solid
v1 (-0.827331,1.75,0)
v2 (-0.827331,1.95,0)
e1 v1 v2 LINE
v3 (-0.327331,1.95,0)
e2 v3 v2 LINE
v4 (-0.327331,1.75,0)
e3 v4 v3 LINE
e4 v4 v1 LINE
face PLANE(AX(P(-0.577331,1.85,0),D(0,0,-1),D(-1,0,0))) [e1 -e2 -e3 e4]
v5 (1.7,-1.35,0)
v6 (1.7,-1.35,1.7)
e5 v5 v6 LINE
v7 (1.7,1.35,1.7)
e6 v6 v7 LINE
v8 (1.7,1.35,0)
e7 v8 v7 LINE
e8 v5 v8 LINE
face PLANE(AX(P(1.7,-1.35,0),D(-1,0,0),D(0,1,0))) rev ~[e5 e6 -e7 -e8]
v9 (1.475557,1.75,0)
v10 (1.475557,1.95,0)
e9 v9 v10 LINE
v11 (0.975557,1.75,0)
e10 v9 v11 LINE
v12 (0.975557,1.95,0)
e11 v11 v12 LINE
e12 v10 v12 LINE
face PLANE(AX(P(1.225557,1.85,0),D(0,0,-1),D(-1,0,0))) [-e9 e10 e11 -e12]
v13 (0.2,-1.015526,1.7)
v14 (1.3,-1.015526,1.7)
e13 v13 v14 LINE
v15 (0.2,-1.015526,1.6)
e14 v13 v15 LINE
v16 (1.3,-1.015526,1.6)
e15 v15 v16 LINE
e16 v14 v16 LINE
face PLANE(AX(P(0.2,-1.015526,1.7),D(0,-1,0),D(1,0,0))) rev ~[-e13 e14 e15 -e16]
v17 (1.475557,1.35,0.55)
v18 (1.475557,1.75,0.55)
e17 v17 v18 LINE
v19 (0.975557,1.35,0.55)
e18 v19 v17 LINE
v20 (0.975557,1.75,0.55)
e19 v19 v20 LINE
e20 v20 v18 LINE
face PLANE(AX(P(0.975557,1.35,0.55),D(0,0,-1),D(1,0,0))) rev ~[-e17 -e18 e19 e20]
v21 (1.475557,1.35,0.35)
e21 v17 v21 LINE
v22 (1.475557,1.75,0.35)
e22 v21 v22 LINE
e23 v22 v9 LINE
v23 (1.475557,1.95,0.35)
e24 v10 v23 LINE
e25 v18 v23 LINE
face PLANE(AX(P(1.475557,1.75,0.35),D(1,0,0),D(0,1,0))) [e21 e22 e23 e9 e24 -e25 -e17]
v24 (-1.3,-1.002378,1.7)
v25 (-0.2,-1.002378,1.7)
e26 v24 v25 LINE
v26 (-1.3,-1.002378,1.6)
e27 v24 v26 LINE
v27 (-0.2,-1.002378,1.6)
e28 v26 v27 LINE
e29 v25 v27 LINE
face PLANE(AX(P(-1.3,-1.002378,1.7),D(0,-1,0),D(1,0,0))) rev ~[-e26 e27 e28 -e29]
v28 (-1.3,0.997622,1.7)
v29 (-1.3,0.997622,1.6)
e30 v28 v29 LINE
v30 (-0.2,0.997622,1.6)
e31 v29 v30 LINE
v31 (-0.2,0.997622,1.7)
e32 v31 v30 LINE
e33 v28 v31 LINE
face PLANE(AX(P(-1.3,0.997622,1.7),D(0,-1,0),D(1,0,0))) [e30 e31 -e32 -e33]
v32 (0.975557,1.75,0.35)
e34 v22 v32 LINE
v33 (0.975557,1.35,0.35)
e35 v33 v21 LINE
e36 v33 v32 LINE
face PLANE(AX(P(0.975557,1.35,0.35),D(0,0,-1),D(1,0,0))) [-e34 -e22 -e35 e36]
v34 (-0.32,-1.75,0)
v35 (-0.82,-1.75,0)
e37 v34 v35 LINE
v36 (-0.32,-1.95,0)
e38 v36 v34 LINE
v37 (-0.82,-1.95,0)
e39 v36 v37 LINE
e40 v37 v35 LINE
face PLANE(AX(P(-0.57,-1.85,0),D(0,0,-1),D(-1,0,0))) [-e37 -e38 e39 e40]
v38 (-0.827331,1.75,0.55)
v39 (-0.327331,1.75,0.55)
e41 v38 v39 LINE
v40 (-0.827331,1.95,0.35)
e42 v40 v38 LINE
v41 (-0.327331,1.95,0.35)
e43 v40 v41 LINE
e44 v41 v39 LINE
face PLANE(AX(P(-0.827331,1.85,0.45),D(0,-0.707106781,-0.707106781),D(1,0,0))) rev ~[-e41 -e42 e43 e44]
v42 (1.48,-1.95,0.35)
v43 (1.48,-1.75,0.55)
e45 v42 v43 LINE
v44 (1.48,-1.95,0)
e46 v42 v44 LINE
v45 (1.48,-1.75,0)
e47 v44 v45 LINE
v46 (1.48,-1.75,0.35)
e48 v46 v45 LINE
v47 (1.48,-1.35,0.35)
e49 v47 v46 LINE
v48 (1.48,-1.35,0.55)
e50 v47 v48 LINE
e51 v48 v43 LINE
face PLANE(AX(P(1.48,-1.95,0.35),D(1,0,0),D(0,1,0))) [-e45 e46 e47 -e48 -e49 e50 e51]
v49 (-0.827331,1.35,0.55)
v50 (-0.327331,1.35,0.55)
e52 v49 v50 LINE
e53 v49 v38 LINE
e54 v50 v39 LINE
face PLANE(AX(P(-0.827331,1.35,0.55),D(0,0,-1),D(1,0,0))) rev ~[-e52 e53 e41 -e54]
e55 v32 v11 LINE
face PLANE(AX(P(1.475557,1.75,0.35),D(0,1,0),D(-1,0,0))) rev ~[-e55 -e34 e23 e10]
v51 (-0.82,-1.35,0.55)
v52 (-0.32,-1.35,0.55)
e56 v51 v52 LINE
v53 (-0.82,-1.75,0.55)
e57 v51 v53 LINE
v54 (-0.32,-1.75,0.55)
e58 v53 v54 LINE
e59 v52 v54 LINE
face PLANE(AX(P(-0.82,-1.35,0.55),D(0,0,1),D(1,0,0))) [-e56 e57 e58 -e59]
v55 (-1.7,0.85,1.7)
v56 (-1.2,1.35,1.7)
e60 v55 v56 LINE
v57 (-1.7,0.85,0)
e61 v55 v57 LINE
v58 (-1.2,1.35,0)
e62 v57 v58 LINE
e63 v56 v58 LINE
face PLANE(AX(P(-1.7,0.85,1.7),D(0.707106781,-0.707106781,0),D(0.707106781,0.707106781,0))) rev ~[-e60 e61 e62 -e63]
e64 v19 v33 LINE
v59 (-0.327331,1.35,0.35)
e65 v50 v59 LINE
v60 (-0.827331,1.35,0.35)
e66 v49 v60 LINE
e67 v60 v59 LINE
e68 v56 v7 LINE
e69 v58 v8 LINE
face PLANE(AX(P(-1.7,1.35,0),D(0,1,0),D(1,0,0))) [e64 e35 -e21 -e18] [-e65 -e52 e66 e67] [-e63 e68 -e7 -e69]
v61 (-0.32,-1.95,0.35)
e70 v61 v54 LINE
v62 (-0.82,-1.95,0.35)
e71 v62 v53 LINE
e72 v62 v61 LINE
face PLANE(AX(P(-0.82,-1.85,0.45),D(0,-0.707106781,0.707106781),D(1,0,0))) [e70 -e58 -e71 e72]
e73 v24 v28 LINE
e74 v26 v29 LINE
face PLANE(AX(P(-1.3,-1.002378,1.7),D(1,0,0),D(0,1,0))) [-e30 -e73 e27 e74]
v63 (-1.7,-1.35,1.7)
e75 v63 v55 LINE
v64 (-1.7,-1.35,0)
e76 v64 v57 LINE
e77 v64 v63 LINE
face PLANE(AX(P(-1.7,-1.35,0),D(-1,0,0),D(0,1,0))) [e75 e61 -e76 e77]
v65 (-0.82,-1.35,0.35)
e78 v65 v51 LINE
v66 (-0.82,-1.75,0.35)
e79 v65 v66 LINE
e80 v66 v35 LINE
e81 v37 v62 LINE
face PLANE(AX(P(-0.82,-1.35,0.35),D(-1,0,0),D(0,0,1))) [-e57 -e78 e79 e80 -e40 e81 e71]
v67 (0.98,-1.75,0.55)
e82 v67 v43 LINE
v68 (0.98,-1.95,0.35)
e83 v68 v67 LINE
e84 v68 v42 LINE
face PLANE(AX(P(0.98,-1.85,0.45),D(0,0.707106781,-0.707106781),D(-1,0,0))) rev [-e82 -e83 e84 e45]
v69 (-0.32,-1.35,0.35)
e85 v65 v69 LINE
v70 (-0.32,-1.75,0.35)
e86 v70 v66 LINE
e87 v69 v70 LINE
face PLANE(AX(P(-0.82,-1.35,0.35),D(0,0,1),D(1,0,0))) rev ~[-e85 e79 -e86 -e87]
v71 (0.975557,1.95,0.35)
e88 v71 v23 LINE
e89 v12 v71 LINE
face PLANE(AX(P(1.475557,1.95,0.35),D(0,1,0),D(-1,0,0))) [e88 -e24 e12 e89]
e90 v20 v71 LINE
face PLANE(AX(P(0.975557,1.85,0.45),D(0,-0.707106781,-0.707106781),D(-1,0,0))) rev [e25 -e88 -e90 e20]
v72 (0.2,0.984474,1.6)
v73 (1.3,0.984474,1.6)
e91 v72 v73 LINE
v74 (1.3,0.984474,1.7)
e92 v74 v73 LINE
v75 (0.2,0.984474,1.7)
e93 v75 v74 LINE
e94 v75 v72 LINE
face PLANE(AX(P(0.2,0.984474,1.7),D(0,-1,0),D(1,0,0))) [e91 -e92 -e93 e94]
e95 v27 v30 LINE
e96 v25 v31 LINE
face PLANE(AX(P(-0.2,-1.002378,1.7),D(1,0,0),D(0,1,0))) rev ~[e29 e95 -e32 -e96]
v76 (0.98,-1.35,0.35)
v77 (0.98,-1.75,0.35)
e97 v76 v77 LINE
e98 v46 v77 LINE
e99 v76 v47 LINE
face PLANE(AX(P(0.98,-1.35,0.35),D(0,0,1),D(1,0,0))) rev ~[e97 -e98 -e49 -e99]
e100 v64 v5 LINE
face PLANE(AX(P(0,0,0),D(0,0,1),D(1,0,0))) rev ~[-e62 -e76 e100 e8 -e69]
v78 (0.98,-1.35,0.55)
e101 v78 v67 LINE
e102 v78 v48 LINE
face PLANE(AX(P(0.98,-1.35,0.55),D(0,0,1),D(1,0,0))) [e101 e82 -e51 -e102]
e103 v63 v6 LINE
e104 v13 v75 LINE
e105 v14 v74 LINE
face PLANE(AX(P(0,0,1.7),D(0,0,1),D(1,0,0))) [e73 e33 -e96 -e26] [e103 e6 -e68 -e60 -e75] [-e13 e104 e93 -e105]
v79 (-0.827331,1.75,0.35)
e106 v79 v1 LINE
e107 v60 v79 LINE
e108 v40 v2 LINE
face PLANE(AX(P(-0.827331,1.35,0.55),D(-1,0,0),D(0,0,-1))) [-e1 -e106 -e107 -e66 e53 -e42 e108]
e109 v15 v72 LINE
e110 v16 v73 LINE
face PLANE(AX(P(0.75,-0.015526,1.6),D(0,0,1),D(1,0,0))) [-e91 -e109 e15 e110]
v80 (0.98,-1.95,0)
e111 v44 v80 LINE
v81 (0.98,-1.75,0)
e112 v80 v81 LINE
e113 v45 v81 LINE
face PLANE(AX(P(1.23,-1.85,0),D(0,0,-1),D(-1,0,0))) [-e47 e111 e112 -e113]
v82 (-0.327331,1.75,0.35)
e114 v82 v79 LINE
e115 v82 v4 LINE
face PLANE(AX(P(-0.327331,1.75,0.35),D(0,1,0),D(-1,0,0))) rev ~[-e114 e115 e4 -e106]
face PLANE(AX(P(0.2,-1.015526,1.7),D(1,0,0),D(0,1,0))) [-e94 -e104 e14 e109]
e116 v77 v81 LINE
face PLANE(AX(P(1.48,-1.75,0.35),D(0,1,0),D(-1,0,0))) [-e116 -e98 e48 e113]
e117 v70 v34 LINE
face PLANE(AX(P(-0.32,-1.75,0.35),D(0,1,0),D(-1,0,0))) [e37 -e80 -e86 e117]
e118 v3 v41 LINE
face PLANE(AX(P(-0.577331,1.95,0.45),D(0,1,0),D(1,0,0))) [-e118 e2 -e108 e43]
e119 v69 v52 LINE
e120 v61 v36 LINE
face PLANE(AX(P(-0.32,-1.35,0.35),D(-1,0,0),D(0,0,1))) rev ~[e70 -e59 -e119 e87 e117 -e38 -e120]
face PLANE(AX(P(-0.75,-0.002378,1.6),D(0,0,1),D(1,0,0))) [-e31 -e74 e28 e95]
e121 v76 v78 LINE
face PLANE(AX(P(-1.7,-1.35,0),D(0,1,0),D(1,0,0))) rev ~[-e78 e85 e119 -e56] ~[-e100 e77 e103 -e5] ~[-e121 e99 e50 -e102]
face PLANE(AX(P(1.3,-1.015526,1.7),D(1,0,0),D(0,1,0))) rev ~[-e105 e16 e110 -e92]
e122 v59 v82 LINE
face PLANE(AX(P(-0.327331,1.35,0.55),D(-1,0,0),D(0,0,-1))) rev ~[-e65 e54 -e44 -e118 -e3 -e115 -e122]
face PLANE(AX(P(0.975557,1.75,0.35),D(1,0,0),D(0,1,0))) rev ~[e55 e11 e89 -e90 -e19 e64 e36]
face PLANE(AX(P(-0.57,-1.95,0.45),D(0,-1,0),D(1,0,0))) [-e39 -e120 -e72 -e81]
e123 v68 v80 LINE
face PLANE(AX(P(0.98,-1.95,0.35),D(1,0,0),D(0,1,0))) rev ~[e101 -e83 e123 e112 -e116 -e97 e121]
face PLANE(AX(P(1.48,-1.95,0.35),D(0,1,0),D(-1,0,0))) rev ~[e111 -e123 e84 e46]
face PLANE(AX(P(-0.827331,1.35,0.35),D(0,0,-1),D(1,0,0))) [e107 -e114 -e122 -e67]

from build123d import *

# Parameters (mm, degrees)
SKICA1_W                 = 3.4
SKICA1_H                 = 2.7
P_IDAT_VYSUNUT_M1_DEPTH  = 1.7
SKICA2_W                 = 1.1
SKICA2_H                 = 2
ODEBRAT_VYSUNUT_M2_DEPTH = 0.1
ODEBRAT_VYSUNUT_M4_DEPTH = 3.757263136
SKICA5_W                 = 0.5
SKICA5_H                 = 0.2
P_IDAT_VYSUNUT_M2_DEPTH  = 0.6
SKICA6_W                 = 0.5
SKICA6_H                 = 0.2
P_IDAT_VYSUNUT_M3_DEPTH  = 0.35
ZKOSEN_2_SIZE            = 0.2
SKICA8_W                 = 0.5
SKICA8_H                 = 0.2
P_IDAT_VYSUNUT_M4_DEPTH  = 0.6
SKICA9_W                 = 0.5
SKICA9_H                 = 0.2
P_IDAT_VYSUNUT_M5_DEPTH  = 0.35
ZKOSEN_3_SIZE            = 0.2


with BuildPart() as part:
    # Skica1 → Přidat vysunutím1 (new body)
    with BuildSketch(Plane.XY):
        Rectangle(SKICA1_W, SKICA1_H)
    extrude(amount=P_IDAT_VYSUNUT_M1_DEPTH)

    # Skica2 → Odebrat vysunutím2 (cut)
    with BuildSketch(Plane.XY.offset(1.7)):
        with Locations((-0.75, -0.002377928)):
            Rectangle(SKICA2_W, SKICA2_H)
        with Locations((0.75, -0.015526056)):
            Rectangle(SKICA2_W, SKICA2_H)
    extrude(amount=-ODEBRAT_VYSUNUT_M2_DEPTH, mode=Mode.SUBTRACT)

    # Skica4 → Odebrat vysunutím4 (cut, through all)
    with BuildSketch(Plane.XY.offset(1.7)):
        Polygon((-1.7, 0.85), (-1.2, 1.35), (-1.7, 1.35), align=None)
    extrude(amount=-ODEBRAT_VYSUNUT_M4_DEPTH, mode=Mode.SUBTRACT)

    # Skica5 → Přidat vysunutím2 (add)
    with BuildSketch(Plane(origin=(0, 1.35, 0), x_dir=(1, 0, 0), z_dir=(0, 1, 0))):
        with Locations((1.22555684, -0.45)):
            Rectangle(SKICA5_W, SKICA5_H)
        with Locations((-0.577330956, -0.45)):
            Rectangle(SKICA5_W, SKICA5_H)
    extrude(amount=P_IDAT_VYSUNUT_M2_DEPTH)

    # Skica6 → Přidat vysunutím3 (add)
    with BuildSketch(Plane(origin=(0, 0, 0.35), x_dir=(-1, 0, 0), z_dir=(0, 0, -1))):
        with Locations((-1.22555684, 1.85)):
            Rectangle(SKICA6_W, SKICA6_H)
        with Locations((0.577330956, 1.85)):
            Rectangle(SKICA6_W, SKICA6_H)
    extrude(amount=P_IDAT_VYSUNUT_M3_DEPTH)

    # Zkosení2
    zkosen_2_edges = [part.edges().sort_by_distance(p)[0] for p in [
        (1.22555684, 1.95, 0.55),
        (-0.577330956, 1.95, 0.55),
    ]]
    chamfer(zkosen_2_edges, length=ZKOSEN_2_SIZE)

    # Skica8 → Přidat vysunutím4 (add)
    with BuildSketch(Plane.XZ.offset(1.35)):
        with Locations((1.23, 0.45)):
            Rectangle(SKICA8_W, SKICA8_H)
        with Locations((-0.57, 0.45)):
            Rectangle(SKICA8_W, SKICA8_H)
    extrude(amount=P_IDAT_VYSUNUT_M4_DEPTH)

    # Skica9 → Přidat vysunutím5 (add)
    with BuildSketch(Plane(origin=(0, 0, 0.35), x_dir=(-1, 0, 0), z_dir=(0, 0, -1))):
        with Locations((-1.23, -1.85)):
            Rectangle(SKICA9_W, SKICA9_H)
        with Locations((0.57, -1.85)):
            Rectangle(SKICA9_W, SKICA9_H)
    extrude(amount=P_IDAT_VYSUNUT_M5_DEPTH)

    # Zkosení3
    zkosen_3_edges = [part.edges().sort_by_distance(p)[0] for p in [
        (1.23, -1.95, 0.55),
        (-0.57, -1.95, 0.55),
    ]]
    chamfer(zkosen_3_edges, length=ZKOSEN_3_SIZE)


solid = part.part
